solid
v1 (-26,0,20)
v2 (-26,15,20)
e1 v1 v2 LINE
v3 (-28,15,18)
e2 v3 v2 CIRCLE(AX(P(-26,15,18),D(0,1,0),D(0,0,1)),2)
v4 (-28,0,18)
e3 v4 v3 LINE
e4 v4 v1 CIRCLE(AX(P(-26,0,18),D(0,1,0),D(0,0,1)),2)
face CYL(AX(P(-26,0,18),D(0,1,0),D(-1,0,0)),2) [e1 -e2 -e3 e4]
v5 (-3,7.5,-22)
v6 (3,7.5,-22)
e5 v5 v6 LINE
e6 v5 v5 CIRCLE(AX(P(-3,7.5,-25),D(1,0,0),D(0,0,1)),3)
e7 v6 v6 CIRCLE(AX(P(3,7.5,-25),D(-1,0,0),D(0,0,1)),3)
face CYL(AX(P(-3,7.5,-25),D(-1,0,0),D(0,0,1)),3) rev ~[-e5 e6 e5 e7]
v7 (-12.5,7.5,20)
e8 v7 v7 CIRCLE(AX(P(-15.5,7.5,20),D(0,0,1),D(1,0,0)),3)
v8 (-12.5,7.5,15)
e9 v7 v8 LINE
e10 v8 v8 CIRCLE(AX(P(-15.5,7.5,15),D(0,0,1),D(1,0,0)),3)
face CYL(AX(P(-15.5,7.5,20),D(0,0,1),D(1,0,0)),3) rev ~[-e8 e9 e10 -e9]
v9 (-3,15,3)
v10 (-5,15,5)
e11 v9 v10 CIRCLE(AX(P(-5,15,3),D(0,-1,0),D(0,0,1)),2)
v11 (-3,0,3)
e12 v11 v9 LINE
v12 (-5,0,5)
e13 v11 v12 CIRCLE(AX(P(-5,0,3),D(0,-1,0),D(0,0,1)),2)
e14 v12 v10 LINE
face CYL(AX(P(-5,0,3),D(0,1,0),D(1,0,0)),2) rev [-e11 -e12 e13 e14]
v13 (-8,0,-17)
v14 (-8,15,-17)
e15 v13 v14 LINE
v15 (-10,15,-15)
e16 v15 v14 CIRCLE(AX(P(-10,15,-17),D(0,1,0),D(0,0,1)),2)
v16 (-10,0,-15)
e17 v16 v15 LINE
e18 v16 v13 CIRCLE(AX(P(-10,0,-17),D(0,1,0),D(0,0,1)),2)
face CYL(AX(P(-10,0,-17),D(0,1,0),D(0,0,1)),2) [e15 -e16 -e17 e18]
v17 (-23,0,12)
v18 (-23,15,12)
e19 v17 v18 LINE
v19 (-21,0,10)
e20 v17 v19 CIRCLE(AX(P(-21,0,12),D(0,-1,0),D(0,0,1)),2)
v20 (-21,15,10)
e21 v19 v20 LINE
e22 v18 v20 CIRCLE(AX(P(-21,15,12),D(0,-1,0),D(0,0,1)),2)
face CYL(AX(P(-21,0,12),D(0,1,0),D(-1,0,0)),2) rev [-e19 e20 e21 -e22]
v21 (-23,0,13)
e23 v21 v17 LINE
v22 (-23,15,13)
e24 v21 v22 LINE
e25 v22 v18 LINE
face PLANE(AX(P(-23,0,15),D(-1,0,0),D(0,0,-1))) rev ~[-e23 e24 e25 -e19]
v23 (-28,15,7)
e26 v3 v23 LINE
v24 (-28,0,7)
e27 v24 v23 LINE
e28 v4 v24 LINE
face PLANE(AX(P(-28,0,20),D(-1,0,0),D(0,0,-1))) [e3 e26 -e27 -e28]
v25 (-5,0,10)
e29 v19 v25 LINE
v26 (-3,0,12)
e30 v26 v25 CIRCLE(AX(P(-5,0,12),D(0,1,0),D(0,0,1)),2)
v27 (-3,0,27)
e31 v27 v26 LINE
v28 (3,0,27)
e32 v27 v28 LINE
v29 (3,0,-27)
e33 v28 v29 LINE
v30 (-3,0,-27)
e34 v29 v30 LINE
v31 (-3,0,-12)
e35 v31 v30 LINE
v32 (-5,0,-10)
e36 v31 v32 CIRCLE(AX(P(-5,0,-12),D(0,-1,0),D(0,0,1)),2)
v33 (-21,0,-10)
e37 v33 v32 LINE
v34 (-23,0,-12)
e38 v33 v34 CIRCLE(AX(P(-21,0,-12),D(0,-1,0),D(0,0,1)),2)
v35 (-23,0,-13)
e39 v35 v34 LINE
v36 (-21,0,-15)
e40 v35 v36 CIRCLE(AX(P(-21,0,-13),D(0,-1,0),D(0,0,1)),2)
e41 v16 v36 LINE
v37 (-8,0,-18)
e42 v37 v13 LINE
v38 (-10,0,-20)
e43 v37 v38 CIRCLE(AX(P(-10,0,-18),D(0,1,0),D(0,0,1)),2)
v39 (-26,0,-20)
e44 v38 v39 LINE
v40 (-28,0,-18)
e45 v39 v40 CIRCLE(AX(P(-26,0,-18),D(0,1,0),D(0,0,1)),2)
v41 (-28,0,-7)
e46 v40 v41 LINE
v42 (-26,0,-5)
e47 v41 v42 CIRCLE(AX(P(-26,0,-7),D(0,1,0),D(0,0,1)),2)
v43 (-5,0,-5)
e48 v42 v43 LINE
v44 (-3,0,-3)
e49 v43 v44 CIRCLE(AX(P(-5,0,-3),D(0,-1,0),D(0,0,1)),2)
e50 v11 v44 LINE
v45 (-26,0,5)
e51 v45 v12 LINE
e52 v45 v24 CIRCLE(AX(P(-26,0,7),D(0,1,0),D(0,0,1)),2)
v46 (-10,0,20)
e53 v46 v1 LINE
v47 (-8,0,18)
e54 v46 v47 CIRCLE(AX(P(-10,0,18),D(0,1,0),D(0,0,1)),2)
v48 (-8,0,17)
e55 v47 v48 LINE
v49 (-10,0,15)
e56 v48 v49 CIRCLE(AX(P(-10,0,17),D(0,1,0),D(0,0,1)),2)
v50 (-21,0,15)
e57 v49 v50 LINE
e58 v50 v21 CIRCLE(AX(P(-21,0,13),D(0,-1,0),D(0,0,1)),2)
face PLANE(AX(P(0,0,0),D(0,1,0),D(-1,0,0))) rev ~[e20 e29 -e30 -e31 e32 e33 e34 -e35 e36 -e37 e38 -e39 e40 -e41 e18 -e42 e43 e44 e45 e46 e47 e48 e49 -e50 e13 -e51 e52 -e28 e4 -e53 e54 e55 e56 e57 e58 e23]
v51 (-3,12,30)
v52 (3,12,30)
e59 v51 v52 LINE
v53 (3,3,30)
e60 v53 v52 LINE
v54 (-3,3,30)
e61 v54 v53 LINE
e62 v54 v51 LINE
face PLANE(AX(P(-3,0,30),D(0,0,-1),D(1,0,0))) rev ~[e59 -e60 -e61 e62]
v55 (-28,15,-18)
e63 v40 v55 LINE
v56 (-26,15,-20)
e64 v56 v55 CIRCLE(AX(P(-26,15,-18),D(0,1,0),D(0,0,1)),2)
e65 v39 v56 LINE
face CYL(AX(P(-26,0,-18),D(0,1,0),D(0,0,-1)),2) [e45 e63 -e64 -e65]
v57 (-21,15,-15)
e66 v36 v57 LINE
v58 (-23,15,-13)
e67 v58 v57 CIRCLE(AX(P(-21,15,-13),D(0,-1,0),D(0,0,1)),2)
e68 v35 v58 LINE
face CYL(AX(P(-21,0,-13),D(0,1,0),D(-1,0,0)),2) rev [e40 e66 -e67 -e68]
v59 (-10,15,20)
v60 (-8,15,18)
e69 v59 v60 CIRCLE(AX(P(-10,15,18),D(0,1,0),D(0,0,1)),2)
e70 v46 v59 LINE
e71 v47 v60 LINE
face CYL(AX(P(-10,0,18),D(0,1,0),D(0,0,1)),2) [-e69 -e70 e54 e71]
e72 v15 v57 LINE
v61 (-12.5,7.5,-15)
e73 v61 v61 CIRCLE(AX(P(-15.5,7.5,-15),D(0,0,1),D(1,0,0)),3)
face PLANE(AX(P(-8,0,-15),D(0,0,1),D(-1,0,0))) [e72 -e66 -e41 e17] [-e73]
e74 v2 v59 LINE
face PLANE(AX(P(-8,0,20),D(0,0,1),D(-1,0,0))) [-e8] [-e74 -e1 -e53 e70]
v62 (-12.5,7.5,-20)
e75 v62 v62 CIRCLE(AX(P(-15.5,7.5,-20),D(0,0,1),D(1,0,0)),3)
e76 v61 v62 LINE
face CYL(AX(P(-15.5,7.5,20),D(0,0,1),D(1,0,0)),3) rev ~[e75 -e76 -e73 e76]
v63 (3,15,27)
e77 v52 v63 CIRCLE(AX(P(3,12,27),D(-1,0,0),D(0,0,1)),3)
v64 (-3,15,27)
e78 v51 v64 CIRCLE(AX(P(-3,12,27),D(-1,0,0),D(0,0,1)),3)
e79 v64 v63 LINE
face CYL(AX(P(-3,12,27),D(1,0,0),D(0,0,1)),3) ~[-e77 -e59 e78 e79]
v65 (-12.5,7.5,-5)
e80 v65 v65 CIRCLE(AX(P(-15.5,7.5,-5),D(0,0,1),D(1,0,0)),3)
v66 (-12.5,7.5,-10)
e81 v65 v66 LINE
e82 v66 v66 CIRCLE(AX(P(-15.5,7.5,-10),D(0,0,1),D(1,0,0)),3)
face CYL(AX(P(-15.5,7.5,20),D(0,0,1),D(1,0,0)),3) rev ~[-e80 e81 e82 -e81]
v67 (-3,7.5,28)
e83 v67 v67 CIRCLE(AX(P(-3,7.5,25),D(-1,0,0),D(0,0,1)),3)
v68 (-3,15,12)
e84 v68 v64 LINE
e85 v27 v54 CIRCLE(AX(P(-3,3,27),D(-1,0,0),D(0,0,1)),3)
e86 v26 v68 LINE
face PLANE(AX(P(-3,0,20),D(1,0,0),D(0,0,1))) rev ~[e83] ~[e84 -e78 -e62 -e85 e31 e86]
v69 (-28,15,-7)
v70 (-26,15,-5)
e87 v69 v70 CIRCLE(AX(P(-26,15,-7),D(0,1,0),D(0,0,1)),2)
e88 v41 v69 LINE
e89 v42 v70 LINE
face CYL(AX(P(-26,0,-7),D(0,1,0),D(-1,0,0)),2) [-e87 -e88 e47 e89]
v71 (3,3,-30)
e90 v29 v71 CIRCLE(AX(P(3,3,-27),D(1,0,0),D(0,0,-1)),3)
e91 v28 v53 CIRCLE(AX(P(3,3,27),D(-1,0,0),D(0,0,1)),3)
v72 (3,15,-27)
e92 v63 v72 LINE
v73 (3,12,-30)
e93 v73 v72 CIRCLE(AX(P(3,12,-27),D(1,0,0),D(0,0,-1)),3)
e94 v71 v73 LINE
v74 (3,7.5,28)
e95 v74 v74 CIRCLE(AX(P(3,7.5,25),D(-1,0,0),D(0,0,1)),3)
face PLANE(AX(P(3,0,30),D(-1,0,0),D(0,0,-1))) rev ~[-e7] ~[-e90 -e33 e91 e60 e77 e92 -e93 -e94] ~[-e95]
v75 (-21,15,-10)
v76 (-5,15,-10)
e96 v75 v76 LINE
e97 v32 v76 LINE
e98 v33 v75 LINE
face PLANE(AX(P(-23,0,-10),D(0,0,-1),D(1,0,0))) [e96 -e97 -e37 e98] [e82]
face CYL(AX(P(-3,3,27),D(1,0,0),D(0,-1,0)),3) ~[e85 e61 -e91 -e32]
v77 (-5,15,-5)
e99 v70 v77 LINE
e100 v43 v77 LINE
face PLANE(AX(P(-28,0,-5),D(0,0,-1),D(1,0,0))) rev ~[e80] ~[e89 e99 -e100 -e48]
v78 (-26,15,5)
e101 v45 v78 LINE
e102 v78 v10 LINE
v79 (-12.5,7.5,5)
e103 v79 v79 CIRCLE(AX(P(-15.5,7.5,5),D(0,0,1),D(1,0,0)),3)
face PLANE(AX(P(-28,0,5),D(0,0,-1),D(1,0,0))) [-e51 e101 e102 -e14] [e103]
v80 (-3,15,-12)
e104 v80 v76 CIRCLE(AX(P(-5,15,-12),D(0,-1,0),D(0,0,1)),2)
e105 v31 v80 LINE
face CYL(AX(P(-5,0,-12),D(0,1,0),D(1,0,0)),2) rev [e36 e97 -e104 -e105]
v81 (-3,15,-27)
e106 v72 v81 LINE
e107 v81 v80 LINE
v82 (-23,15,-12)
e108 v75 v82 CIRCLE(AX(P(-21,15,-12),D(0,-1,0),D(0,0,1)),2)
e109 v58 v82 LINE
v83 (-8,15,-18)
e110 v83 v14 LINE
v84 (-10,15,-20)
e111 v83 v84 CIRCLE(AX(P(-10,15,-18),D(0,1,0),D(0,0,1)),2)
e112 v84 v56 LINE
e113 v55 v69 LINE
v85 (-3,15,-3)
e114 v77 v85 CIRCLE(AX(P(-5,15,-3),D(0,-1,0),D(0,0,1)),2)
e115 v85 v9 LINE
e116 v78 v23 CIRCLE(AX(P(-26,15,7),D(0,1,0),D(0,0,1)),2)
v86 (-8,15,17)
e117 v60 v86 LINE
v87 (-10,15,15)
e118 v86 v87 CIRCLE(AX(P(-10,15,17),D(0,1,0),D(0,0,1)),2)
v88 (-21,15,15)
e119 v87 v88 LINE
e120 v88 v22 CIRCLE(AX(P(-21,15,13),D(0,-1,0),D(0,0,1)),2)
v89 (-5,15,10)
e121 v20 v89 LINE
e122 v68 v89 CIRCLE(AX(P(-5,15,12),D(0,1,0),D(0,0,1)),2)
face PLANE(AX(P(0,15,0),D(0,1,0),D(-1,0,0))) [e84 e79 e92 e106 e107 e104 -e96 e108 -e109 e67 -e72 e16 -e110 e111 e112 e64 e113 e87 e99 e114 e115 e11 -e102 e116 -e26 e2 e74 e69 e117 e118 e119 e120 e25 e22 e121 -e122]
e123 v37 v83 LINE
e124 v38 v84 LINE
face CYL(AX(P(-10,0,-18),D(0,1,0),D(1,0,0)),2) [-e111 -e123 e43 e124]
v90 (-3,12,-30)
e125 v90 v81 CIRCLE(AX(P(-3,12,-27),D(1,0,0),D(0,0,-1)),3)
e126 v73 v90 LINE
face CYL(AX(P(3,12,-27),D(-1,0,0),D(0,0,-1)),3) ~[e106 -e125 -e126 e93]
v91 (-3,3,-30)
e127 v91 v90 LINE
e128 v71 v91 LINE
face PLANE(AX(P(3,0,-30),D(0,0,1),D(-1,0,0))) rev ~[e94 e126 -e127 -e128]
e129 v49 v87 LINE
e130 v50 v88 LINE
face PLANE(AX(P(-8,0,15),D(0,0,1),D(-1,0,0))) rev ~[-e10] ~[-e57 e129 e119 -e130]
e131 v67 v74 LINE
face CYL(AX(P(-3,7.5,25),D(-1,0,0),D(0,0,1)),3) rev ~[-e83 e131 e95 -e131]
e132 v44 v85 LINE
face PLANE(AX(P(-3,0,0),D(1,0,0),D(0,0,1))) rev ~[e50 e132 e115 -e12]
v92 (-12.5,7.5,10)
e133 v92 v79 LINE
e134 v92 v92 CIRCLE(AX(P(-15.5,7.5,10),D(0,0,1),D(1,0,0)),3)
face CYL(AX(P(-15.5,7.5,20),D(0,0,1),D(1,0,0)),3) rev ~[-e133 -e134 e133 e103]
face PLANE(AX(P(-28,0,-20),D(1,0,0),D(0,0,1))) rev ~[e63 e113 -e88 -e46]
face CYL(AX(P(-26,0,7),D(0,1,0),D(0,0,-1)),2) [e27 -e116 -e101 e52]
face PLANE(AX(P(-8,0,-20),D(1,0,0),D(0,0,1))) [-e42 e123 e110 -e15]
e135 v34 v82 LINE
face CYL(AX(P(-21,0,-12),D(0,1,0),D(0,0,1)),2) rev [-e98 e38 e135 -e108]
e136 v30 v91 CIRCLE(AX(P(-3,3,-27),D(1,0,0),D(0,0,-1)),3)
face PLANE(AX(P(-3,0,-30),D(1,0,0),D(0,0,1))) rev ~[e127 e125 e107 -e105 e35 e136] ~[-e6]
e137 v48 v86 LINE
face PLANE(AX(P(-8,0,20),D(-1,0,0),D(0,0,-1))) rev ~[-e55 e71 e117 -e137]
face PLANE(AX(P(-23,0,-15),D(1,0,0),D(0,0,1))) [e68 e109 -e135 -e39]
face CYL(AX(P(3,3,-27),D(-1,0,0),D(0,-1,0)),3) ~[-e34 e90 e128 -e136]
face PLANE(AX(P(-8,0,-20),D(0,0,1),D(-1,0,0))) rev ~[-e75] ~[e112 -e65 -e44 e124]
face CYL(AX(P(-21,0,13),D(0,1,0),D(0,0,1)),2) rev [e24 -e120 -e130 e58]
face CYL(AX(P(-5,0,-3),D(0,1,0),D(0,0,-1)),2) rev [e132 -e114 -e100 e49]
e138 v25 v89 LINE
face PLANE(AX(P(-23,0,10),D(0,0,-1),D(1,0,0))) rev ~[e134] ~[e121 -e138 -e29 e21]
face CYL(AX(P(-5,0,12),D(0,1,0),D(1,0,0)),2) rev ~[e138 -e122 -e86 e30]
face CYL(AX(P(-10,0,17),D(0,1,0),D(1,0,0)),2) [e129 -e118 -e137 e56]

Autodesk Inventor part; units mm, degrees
ref_plane "YZ Plane" through (0, 0, 0) normal (1, 0, 0) x (0, 1, 0)
ref_plane "XZ Plane" through (0, 0, 0) normal (0, 1, 0) x (-1, 0, 0)
ref_plane "XY Plane" through (0, 0, 0) normal (0, 0, 1) x (1, 0, 0)
sketch "Sketch1" plane through (0, 0, 0) normal (0, 1, 0) x (-1, 0, 0)
  line L0 (-3, -30) -> (3, -30)
  line L1 (3, -30) -> (3, 30)
  line L2 (3, 30) -> (-3, 30)
  line L3 (-3, 30) -> (-3, -30)
  line L4 (-3, -30) -> (3, 30) construction
  line L5 (3, -30) -> (-3, 30) construction
  line L6 (3, 30) -> (3, 20)
  line L7 (3, 20) -> (28, 20)
  line L8 (28, 20) -> (28, 5)
  line L9 (28, 5) -> (3, 5)
  line L10 (3, 5) -> (3, 20)
  line L11 (15.5, 20) -> (10.5, 20)
  line L12 (15.5, 20) -> (8, 20)
  line L13 (3, 20) -> (8, 20)
  line L14 (8, 20) -> (8, 15)
  line L15 (8, 15) -> (3, 15)
  line L16 (3, 15) -> (3, 20)
  line L17 (3, 15) -> (23, 15)
  line L18 (23, 15) -> (23, 10)
  line L19 (23, 10) -> (3, 10)
  line L20 (3, 10) -> (3, 15)
  line L21 (0, 0) -> (20, 0)
  line L22 (3, -20) -> (28, -20)
  line L23 (28, -20) -> (28, -5)
  line L24 (28, -5) -> (3, -5)
  line L25 (8, -20) -> (8, -15)
  line L26 (8, -15) -> (3, -15)
  line L27 (3, -15) -> (23, -15)
  line L28 (23, -15) -> (23, -10)
  line L29 (23, -10) -> (3, -10)
  line L30 (8, 20) -> (3, 20)
  line L31 (3, 20) -> (3, 15)
  line L32 (3, 15) -> (8, 15)
  line L33 (8, 15) -> (8, 20)
  line L34 (8, -15) -> (3, -15)
  line L35 (3, -15) -> (3, -20)
  line L36 (3, -20) -> (8, -20)
  line L37 (8, -20) -> (8, -15)
  line L38 (28, 5) -> (28, -5)
  point P0 (8, 20)
  point P1 (8, 15)
  point P2 (3, 10)
  point P3 (3, -10)
  point P4 (8, -15)
  point P5 (3, -5)
  point P6 (3, 5)
  point P7 (28, -2.5)
  point P8 (23, -2.5)
  point P9 (23, -2.5)
  point P10 (23, 2.5)
  point P11 (23, 2.5)
  point P12 (28, 2.5)
  point P13 (3, 10)
  dimension "d0" = 6
  dimension "d1" = 60
  dimension "d2" = 10
  dimension "d3" = 25
  dimension "d4" = 15
  dimension "d8" = 5
  dimension "d9" = 5
  dimension "d10" = 20
  dimension "d11" = 5
  dimension "d12" = 20
extrude "Extrusion1" add sketch "Sketch1" along normal blind 15 contours L3 L2 L1 L0 | L25 L27 L28 L29 L1 L24 L23 L22 | L7 L8 L9 L1 L19 L18 L17 L14
sketch "Sketch2" plane through (-28, 0, 20) normal (0, 0, 1) x (1, 0, 0)
  line L0 (20, 0) -> (20, 15) projected
  line L1 (20, 7.5) -> (12.5, 7.5)
  circle A0 centre (12.5, 7.5) radius 3
  point P0 (28, 0)
  dimension "d15" = 7.5
  dimension "d16" = 6
extrude "Extrusion2" cut sketch "Sketch2" against normal through all
fillet "Fillet1" radius 2 16 edges at (-8, 7.5, 20) (-8, 7.5, 15) (-3, 7.5, 10) (-28, 7.5, 20) (-28, 7.5, 5) (-23, 7.5, 10) (-23, 7.5, 15) (-23, 7.5, -15) (-23, 7.5, -10) (-28, 7.5, -5) (-28, 7.5, -20) (-8, 7.5, -20) (-8, 7.5, -15) (-3, 7.5, -10) (-3, 7.5, 5) (-3, 7.5, -5)
sketch "Sketch3" plane through (-3, 0, -30) normal (-1, 0, 0) x (0, 0, 1)
  line L0 (60, 0) -> (60, 15) projected
  line L1 (60, 7.5) -> (55, 7.5)
  line L2 (0, 0) -> (0, 15) projected
  line L3 (0, 7.5) -> (5, 7.5)
  circle A0 centre (55, 7.5) radius 3
  circle A1 centre (5, 7.5) radius 3
  point P0 (30, 0)
  dimension "d20" = 5
  dimension "d21" = 5
  dimension "d22" = 6
  dimension "d23" = 6
extrude "Extrusion3" cut sketch "Sketch3" against normal through all
fillet "Fillet2" radius 3 4 edges at (0, 15, 30) (0, 15, -30) (0, 0, -30) (0, 0, 30)
properties part number "Festoon_Carriage"
